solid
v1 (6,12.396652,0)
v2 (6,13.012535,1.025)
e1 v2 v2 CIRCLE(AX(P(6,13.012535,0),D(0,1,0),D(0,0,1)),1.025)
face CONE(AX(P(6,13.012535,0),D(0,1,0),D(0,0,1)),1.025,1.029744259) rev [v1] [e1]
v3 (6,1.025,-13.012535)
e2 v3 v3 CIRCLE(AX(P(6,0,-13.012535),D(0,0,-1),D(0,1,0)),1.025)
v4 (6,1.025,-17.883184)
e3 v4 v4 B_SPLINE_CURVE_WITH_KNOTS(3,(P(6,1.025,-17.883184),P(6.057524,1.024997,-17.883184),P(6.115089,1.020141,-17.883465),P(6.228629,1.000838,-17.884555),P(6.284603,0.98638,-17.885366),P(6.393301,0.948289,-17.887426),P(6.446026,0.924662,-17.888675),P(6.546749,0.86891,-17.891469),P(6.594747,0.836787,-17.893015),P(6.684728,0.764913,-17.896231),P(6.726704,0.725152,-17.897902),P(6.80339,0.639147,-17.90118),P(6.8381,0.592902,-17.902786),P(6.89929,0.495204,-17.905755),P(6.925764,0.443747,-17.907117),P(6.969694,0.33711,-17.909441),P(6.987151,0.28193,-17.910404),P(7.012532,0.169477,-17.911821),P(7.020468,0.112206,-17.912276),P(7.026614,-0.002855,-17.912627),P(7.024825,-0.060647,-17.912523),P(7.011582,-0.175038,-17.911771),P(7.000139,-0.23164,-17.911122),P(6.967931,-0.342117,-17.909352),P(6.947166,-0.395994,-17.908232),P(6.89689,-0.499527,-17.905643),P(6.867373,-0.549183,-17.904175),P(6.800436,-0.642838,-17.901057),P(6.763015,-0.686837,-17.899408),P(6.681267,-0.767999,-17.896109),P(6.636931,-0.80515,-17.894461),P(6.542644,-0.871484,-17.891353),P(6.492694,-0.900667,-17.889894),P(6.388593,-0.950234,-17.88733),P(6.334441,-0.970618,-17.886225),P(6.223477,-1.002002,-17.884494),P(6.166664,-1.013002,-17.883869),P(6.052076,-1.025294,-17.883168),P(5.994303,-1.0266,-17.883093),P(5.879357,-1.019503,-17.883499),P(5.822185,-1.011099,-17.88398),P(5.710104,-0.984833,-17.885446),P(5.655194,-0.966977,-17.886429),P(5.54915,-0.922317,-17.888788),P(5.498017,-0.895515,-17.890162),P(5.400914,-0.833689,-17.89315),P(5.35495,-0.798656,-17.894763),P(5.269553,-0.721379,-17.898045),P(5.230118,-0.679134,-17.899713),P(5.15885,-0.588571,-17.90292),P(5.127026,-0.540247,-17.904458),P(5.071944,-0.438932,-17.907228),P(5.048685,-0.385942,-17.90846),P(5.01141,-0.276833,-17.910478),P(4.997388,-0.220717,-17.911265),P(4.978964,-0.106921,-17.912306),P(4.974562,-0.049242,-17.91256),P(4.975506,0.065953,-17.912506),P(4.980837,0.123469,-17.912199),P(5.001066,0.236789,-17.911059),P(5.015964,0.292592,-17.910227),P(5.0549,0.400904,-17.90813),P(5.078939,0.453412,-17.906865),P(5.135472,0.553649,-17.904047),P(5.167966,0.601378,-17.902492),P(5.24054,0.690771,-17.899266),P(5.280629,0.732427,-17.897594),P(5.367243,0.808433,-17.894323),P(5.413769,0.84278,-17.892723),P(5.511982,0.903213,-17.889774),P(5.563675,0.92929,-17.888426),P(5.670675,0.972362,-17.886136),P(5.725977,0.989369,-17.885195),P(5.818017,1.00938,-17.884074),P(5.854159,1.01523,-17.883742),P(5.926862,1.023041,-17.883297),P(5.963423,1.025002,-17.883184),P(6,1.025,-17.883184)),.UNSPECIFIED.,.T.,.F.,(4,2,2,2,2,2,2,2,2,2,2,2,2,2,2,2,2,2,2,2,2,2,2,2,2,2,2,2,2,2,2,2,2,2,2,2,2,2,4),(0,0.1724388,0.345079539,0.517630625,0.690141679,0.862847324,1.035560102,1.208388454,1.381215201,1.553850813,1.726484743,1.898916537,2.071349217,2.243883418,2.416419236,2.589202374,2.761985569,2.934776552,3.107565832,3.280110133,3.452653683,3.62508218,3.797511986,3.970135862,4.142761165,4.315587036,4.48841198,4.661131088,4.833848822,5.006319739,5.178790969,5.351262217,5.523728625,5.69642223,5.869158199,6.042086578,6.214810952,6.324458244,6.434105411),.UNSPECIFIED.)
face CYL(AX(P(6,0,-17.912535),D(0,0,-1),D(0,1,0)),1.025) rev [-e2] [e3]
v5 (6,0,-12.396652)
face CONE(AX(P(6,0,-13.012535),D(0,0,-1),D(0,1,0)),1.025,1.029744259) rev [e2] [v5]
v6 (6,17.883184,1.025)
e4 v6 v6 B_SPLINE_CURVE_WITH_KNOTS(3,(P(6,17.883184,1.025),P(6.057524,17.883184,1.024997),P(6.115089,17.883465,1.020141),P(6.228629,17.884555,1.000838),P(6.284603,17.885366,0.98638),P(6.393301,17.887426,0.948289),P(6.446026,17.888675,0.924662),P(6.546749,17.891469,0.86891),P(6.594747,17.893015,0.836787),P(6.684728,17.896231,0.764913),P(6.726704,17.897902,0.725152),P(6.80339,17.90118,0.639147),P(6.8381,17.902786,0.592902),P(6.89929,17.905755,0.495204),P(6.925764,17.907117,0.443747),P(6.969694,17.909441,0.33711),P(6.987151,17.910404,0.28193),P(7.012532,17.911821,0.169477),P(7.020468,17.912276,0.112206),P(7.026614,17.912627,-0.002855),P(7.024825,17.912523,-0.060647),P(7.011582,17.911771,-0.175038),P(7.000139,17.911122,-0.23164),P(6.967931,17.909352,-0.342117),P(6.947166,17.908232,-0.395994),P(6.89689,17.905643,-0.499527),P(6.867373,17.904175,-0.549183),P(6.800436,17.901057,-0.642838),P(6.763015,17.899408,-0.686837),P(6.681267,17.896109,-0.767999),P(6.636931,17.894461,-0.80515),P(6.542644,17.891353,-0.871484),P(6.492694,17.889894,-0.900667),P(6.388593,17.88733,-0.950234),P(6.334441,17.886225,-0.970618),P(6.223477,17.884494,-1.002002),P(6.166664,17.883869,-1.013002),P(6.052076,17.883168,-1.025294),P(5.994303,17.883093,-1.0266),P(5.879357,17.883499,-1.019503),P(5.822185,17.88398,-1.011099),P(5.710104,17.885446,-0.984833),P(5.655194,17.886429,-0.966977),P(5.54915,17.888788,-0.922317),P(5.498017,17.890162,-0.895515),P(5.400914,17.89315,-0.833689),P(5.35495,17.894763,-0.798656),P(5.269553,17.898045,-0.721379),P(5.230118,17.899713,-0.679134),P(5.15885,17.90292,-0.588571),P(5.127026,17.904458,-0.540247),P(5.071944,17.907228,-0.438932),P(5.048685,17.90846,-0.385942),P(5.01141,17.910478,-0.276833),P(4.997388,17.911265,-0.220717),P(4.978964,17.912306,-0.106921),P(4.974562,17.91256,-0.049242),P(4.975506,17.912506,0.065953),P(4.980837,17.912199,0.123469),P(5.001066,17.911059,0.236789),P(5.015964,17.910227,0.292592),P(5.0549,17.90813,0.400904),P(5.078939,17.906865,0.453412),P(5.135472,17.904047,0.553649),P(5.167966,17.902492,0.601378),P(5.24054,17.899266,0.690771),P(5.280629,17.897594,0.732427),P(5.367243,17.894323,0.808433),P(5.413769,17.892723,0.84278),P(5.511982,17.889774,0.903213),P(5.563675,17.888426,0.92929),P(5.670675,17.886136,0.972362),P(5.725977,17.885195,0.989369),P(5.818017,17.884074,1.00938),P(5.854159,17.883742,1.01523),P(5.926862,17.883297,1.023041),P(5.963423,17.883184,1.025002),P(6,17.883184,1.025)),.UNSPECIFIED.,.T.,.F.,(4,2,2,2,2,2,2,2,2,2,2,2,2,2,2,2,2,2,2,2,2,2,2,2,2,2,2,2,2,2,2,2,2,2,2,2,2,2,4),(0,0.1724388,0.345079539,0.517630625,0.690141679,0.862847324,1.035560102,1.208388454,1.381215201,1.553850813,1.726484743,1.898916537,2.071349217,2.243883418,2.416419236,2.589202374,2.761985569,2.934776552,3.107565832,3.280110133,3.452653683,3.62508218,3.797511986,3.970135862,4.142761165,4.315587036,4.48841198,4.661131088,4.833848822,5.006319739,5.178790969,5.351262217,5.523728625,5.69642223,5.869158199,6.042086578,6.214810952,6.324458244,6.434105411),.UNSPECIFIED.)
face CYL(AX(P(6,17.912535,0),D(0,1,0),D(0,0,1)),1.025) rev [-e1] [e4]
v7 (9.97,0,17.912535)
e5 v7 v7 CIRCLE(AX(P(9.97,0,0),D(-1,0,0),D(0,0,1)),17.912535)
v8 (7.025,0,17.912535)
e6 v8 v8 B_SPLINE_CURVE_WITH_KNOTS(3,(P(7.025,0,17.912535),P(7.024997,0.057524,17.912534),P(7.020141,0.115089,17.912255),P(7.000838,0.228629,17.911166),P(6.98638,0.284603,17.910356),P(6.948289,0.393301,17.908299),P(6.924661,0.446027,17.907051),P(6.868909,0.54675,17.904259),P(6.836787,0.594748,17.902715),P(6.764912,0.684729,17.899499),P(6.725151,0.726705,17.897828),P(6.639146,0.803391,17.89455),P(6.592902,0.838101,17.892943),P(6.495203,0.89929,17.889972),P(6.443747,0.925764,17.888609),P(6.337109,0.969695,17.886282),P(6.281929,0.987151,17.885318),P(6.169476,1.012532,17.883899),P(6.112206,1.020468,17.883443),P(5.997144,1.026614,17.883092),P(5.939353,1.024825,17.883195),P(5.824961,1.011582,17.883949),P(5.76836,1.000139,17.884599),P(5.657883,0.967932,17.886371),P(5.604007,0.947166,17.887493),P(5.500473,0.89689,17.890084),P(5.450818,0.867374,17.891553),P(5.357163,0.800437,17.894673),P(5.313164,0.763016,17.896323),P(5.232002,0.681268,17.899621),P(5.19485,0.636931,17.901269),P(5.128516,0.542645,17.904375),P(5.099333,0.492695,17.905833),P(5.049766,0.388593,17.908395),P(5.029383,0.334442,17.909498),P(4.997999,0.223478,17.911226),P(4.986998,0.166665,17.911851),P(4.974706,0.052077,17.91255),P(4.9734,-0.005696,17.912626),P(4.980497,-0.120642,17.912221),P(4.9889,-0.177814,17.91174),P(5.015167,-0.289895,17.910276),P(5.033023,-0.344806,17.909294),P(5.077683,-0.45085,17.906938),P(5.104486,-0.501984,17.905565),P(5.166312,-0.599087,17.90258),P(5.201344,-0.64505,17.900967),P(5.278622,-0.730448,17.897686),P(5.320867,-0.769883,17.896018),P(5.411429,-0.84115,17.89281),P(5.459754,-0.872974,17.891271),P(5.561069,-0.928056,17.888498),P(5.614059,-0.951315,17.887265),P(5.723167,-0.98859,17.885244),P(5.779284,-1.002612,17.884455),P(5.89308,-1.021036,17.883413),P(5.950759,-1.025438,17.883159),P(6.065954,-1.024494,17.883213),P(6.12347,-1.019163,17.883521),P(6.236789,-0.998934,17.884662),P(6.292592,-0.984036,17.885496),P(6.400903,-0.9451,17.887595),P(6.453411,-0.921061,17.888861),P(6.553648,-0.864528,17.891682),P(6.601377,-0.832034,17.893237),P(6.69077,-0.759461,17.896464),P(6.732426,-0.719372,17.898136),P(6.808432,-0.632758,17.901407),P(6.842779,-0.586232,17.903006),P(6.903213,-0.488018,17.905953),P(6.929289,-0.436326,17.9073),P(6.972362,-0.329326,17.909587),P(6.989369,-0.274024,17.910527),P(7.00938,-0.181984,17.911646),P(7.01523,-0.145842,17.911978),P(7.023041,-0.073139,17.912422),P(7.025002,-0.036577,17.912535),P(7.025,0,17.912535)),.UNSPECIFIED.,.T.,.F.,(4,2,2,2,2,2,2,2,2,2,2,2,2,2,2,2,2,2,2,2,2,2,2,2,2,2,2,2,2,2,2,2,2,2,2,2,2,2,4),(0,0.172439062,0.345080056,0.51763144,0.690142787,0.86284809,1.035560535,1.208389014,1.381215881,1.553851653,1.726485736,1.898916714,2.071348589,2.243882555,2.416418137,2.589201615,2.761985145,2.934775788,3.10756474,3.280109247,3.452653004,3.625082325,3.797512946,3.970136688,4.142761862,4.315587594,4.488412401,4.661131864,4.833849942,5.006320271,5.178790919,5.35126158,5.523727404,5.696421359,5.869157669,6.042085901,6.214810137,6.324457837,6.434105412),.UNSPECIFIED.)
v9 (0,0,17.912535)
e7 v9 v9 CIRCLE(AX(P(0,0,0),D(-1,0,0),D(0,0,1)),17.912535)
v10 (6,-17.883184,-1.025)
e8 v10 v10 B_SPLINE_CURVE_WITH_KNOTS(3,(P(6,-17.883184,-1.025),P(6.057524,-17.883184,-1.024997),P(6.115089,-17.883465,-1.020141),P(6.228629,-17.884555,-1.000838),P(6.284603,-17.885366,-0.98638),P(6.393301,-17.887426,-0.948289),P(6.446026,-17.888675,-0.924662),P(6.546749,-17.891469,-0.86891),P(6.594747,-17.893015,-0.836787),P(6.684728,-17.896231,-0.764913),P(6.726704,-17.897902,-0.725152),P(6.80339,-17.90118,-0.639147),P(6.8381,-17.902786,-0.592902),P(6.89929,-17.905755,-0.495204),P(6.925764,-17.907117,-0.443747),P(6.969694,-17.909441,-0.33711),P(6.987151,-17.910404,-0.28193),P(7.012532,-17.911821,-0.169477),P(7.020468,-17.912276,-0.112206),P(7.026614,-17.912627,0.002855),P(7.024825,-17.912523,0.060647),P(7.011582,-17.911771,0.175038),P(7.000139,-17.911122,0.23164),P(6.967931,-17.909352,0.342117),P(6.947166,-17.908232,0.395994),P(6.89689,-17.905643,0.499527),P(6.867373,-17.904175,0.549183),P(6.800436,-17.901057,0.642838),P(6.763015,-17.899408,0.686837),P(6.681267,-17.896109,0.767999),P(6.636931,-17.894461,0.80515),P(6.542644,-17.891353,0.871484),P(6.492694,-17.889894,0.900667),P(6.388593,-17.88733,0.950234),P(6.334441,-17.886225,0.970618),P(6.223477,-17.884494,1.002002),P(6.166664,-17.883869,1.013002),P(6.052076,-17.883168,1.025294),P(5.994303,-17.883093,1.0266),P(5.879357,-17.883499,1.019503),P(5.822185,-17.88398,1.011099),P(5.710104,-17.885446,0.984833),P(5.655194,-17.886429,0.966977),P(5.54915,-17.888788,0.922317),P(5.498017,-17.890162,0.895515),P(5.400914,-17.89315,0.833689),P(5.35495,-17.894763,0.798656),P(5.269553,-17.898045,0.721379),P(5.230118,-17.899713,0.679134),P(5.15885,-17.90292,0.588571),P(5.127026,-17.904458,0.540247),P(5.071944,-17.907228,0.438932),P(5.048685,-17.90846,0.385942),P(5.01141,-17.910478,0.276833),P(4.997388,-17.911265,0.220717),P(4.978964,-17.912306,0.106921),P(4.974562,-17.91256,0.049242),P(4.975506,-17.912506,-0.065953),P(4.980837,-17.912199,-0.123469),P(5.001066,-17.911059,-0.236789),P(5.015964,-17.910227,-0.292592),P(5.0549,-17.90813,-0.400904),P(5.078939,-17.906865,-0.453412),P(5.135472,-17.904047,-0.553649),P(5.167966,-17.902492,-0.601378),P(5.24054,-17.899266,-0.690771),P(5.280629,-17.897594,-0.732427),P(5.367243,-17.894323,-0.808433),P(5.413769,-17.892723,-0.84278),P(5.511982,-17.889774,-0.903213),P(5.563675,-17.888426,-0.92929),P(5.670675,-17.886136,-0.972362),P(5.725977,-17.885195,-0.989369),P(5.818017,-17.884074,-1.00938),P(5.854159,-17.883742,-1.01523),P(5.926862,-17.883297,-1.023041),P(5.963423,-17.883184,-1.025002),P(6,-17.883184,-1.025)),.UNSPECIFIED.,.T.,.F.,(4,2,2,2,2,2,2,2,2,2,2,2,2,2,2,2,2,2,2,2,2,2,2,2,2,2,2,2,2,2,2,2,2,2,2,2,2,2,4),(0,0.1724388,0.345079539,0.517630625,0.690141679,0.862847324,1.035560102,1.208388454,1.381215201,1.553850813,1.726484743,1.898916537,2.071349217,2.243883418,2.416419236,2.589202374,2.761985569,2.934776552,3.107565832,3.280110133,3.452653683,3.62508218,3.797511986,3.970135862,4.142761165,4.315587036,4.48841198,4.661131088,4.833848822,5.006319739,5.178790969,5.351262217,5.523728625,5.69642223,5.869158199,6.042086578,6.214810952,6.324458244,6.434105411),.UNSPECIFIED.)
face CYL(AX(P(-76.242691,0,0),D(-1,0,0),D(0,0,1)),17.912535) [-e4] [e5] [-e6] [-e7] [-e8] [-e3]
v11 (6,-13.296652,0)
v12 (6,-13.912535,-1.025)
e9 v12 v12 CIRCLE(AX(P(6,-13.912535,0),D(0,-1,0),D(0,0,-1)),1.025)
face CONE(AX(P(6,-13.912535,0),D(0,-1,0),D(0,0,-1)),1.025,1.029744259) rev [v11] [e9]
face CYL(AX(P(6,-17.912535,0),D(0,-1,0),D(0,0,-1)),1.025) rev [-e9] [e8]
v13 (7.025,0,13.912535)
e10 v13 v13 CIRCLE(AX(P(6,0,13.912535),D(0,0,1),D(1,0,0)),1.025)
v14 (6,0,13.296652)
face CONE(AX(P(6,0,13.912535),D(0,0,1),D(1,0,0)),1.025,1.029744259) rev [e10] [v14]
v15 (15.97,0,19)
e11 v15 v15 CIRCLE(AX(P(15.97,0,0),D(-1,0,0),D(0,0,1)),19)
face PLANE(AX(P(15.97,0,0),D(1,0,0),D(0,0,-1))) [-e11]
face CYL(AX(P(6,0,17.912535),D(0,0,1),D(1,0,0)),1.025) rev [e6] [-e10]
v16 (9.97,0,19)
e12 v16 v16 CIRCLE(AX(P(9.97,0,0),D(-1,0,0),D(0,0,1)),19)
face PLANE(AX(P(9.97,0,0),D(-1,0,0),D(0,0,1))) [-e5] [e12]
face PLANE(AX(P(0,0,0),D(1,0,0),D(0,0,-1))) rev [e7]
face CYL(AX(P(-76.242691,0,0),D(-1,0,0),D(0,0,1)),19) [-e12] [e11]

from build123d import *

# Parameters (mm, degrees)
M2_5_TAPPED_HOLE1_D               = 2.05
M2_5_TAPPED_HOLE1_DEPTH           = 4
M2_5_TAPPED_HOLE1_TIP             = 0.615882135
M2_5_TAPPED_HOLE1_ON_FACE_2_D     = 2.05
M2_5_TAPPED_HOLE1_ON_FACE_2_DEPTH = 4
M2_5_TAPPED_HOLE1_ON_FACE_2_TIP   = 0.615882135
M2_5_TAPPED_HOLE1_ON_FACE_3_D     = 2.05
M2_5_TAPPED_HOLE1_ON_FACE_3_DEPTH = 4
M2_5_TAPPED_HOLE1_ON_FACE_3_TIP   = 0.615882135
M2_5_TAPPED_HOLE2_D               = 2.05
M2_5_TAPPED_HOLE2_DEPTH           = 4.9
M2_5_TAPPED_HOLE2_TIP             = 0.615882135
M2_5_TAPPED_HOLE2_ON_FACE_2_D     = 2.05
M2_5_TAPPED_HOLE2_ON_FACE_2_DEPTH = 4.9
M2_5_TAPPED_HOLE2_ON_FACE_2_TIP   = 0.615882135


with BuildPart() as part:
    # Sketch1 → Revolve1 (revolve)
    with BuildSketch(Plane.XY, mode=Mode.PRIVATE) as revolve1_sk:
        Polygon((0, 17.8825346), (0, 0), (15.97, 0), (15.97, 17), (15.97, 19), (9.97, 19), (9.97, 17.9125346), (0, 17.9125346), align=None)
    revolve(revolve1_sk.sketch.rotate(Axis((-76.24269061, 0, 0), (1, 0, 0)), 90), axis=Axis((-76.24269061, 0, 0), (1, 0, 0)))

    # M2.5 Tapped Hole1
    with Locations(Plane(origin=(6, -17.9125346, 0), x_dir=(0, 0, -1), z_dir=(0, -1, 0))):
        with Locations((0, 0)):
            Hole(M2_5_TAPPED_HOLE1_D / 2, depth=M2_5_TAPPED_HOLE1_DEPTH)
            with Locations((0, 0, -(M2_5_TAPPED_HOLE1_DEPTH + M2_5_TAPPED_HOLE1_TIP / 2))):  # 118° drill point
                Cone(0, M2_5_TAPPED_HOLE1_D / 2, M2_5_TAPPED_HOLE1_TIP, mode=Mode.SUBTRACT)

    # M2.5 Tapped Hole1 on face 2
    with Locations(Plane(origin=(6, 0, 17.9125346), x_dir=(1, 0, 0), z_dir=(0, 0, 1))):
        with Locations((0, 0)):
            Hole(M2_5_TAPPED_HOLE1_ON_FACE_2_D / 2, depth=M2_5_TAPPED_HOLE1_ON_FACE_2_DEPTH)
            with Locations((0, 0, -(M2_5_TAPPED_HOLE1_ON_FACE_2_DEPTH + M2_5_TAPPED_HOLE1_ON_FACE_2_TIP / 2))):  # 118° drill point
                Cone(0, M2_5_TAPPED_HOLE1_ON_FACE_2_D / 2, M2_5_TAPPED_HOLE1_ON_FACE_2_TIP, mode=Mode.SUBTRACT)

    # M2.5 Tapped Hole1 on face 3
    with Locations(Plane(origin=(-38.298616193, 0, -8.034883706), x_dir=(0, 0, -1), z_dir=(0, -1, 0))):
        with Locations((0, 0)):
            Hole(M2_5_TAPPED_HOLE1_ON_FACE_3_D / 2, depth=M2_5_TAPPED_HOLE1_ON_FACE_3_DEPTH)
            with Locations((0, 0, -(M2_5_TAPPED_HOLE1_ON_FACE_3_DEPTH + M2_5_TAPPED_HOLE1_ON_FACE_3_TIP / 2))):  # 118° drill point
                Cone(0, M2_5_TAPPED_HOLE1_ON_FACE_3_D / 2, M2_5_TAPPED_HOLE1_ON_FACE_3_TIP, mode=Mode.SUBTRACT)

    # M2.5 Tapped Hole2
    with Locations(Plane(origin=(6, 0, -17.9125346), x_dir=(0, -1, 0), z_dir=(0, 0, -1))):
        with Locations((0, 0)):
            Hole(M2_5_TAPPED_HOLE2_D / 2, depth=M2_5_TAPPED_HOLE2_DEPTH)
            with Locations((0, 0, -(M2_5_TAPPED_HOLE2_DEPTH + M2_5_TAPPED_HOLE2_TIP / 2))):  # 118° drill point
                Cone(0, M2_5_TAPPED_HOLE2_D / 2, M2_5_TAPPED_HOLE2_TIP, mode=Mode.SUBTRACT)

    # M2.5 Tapped Hole2 on face 2
    with Locations(Plane(origin=(6, 17.9125346, 0), x_dir=(0, 0, 1), z_dir=(0, 1, 0))):
        with Locations((0, 0)):
            Hole(M2_5_TAPPED_HOLE2_ON_FACE_2_D / 2, depth=M2_5_TAPPED_HOLE2_ON_FACE_2_DEPTH)
            with Locations((0, 0, -(M2_5_TAPPED_HOLE2_ON_FACE_2_DEPTH + M2_5_TAPPED_HOLE2_ON_FACE_2_TIP / 2))):  # 118° drill point
                Cone(0, M2_5_TAPPED_HOLE2_ON_FACE_2_D / 2, M2_5_TAPPED_HOLE2_ON_FACE_2_TIP, mode=Mode.SUBTRACT)


solid = part.part
